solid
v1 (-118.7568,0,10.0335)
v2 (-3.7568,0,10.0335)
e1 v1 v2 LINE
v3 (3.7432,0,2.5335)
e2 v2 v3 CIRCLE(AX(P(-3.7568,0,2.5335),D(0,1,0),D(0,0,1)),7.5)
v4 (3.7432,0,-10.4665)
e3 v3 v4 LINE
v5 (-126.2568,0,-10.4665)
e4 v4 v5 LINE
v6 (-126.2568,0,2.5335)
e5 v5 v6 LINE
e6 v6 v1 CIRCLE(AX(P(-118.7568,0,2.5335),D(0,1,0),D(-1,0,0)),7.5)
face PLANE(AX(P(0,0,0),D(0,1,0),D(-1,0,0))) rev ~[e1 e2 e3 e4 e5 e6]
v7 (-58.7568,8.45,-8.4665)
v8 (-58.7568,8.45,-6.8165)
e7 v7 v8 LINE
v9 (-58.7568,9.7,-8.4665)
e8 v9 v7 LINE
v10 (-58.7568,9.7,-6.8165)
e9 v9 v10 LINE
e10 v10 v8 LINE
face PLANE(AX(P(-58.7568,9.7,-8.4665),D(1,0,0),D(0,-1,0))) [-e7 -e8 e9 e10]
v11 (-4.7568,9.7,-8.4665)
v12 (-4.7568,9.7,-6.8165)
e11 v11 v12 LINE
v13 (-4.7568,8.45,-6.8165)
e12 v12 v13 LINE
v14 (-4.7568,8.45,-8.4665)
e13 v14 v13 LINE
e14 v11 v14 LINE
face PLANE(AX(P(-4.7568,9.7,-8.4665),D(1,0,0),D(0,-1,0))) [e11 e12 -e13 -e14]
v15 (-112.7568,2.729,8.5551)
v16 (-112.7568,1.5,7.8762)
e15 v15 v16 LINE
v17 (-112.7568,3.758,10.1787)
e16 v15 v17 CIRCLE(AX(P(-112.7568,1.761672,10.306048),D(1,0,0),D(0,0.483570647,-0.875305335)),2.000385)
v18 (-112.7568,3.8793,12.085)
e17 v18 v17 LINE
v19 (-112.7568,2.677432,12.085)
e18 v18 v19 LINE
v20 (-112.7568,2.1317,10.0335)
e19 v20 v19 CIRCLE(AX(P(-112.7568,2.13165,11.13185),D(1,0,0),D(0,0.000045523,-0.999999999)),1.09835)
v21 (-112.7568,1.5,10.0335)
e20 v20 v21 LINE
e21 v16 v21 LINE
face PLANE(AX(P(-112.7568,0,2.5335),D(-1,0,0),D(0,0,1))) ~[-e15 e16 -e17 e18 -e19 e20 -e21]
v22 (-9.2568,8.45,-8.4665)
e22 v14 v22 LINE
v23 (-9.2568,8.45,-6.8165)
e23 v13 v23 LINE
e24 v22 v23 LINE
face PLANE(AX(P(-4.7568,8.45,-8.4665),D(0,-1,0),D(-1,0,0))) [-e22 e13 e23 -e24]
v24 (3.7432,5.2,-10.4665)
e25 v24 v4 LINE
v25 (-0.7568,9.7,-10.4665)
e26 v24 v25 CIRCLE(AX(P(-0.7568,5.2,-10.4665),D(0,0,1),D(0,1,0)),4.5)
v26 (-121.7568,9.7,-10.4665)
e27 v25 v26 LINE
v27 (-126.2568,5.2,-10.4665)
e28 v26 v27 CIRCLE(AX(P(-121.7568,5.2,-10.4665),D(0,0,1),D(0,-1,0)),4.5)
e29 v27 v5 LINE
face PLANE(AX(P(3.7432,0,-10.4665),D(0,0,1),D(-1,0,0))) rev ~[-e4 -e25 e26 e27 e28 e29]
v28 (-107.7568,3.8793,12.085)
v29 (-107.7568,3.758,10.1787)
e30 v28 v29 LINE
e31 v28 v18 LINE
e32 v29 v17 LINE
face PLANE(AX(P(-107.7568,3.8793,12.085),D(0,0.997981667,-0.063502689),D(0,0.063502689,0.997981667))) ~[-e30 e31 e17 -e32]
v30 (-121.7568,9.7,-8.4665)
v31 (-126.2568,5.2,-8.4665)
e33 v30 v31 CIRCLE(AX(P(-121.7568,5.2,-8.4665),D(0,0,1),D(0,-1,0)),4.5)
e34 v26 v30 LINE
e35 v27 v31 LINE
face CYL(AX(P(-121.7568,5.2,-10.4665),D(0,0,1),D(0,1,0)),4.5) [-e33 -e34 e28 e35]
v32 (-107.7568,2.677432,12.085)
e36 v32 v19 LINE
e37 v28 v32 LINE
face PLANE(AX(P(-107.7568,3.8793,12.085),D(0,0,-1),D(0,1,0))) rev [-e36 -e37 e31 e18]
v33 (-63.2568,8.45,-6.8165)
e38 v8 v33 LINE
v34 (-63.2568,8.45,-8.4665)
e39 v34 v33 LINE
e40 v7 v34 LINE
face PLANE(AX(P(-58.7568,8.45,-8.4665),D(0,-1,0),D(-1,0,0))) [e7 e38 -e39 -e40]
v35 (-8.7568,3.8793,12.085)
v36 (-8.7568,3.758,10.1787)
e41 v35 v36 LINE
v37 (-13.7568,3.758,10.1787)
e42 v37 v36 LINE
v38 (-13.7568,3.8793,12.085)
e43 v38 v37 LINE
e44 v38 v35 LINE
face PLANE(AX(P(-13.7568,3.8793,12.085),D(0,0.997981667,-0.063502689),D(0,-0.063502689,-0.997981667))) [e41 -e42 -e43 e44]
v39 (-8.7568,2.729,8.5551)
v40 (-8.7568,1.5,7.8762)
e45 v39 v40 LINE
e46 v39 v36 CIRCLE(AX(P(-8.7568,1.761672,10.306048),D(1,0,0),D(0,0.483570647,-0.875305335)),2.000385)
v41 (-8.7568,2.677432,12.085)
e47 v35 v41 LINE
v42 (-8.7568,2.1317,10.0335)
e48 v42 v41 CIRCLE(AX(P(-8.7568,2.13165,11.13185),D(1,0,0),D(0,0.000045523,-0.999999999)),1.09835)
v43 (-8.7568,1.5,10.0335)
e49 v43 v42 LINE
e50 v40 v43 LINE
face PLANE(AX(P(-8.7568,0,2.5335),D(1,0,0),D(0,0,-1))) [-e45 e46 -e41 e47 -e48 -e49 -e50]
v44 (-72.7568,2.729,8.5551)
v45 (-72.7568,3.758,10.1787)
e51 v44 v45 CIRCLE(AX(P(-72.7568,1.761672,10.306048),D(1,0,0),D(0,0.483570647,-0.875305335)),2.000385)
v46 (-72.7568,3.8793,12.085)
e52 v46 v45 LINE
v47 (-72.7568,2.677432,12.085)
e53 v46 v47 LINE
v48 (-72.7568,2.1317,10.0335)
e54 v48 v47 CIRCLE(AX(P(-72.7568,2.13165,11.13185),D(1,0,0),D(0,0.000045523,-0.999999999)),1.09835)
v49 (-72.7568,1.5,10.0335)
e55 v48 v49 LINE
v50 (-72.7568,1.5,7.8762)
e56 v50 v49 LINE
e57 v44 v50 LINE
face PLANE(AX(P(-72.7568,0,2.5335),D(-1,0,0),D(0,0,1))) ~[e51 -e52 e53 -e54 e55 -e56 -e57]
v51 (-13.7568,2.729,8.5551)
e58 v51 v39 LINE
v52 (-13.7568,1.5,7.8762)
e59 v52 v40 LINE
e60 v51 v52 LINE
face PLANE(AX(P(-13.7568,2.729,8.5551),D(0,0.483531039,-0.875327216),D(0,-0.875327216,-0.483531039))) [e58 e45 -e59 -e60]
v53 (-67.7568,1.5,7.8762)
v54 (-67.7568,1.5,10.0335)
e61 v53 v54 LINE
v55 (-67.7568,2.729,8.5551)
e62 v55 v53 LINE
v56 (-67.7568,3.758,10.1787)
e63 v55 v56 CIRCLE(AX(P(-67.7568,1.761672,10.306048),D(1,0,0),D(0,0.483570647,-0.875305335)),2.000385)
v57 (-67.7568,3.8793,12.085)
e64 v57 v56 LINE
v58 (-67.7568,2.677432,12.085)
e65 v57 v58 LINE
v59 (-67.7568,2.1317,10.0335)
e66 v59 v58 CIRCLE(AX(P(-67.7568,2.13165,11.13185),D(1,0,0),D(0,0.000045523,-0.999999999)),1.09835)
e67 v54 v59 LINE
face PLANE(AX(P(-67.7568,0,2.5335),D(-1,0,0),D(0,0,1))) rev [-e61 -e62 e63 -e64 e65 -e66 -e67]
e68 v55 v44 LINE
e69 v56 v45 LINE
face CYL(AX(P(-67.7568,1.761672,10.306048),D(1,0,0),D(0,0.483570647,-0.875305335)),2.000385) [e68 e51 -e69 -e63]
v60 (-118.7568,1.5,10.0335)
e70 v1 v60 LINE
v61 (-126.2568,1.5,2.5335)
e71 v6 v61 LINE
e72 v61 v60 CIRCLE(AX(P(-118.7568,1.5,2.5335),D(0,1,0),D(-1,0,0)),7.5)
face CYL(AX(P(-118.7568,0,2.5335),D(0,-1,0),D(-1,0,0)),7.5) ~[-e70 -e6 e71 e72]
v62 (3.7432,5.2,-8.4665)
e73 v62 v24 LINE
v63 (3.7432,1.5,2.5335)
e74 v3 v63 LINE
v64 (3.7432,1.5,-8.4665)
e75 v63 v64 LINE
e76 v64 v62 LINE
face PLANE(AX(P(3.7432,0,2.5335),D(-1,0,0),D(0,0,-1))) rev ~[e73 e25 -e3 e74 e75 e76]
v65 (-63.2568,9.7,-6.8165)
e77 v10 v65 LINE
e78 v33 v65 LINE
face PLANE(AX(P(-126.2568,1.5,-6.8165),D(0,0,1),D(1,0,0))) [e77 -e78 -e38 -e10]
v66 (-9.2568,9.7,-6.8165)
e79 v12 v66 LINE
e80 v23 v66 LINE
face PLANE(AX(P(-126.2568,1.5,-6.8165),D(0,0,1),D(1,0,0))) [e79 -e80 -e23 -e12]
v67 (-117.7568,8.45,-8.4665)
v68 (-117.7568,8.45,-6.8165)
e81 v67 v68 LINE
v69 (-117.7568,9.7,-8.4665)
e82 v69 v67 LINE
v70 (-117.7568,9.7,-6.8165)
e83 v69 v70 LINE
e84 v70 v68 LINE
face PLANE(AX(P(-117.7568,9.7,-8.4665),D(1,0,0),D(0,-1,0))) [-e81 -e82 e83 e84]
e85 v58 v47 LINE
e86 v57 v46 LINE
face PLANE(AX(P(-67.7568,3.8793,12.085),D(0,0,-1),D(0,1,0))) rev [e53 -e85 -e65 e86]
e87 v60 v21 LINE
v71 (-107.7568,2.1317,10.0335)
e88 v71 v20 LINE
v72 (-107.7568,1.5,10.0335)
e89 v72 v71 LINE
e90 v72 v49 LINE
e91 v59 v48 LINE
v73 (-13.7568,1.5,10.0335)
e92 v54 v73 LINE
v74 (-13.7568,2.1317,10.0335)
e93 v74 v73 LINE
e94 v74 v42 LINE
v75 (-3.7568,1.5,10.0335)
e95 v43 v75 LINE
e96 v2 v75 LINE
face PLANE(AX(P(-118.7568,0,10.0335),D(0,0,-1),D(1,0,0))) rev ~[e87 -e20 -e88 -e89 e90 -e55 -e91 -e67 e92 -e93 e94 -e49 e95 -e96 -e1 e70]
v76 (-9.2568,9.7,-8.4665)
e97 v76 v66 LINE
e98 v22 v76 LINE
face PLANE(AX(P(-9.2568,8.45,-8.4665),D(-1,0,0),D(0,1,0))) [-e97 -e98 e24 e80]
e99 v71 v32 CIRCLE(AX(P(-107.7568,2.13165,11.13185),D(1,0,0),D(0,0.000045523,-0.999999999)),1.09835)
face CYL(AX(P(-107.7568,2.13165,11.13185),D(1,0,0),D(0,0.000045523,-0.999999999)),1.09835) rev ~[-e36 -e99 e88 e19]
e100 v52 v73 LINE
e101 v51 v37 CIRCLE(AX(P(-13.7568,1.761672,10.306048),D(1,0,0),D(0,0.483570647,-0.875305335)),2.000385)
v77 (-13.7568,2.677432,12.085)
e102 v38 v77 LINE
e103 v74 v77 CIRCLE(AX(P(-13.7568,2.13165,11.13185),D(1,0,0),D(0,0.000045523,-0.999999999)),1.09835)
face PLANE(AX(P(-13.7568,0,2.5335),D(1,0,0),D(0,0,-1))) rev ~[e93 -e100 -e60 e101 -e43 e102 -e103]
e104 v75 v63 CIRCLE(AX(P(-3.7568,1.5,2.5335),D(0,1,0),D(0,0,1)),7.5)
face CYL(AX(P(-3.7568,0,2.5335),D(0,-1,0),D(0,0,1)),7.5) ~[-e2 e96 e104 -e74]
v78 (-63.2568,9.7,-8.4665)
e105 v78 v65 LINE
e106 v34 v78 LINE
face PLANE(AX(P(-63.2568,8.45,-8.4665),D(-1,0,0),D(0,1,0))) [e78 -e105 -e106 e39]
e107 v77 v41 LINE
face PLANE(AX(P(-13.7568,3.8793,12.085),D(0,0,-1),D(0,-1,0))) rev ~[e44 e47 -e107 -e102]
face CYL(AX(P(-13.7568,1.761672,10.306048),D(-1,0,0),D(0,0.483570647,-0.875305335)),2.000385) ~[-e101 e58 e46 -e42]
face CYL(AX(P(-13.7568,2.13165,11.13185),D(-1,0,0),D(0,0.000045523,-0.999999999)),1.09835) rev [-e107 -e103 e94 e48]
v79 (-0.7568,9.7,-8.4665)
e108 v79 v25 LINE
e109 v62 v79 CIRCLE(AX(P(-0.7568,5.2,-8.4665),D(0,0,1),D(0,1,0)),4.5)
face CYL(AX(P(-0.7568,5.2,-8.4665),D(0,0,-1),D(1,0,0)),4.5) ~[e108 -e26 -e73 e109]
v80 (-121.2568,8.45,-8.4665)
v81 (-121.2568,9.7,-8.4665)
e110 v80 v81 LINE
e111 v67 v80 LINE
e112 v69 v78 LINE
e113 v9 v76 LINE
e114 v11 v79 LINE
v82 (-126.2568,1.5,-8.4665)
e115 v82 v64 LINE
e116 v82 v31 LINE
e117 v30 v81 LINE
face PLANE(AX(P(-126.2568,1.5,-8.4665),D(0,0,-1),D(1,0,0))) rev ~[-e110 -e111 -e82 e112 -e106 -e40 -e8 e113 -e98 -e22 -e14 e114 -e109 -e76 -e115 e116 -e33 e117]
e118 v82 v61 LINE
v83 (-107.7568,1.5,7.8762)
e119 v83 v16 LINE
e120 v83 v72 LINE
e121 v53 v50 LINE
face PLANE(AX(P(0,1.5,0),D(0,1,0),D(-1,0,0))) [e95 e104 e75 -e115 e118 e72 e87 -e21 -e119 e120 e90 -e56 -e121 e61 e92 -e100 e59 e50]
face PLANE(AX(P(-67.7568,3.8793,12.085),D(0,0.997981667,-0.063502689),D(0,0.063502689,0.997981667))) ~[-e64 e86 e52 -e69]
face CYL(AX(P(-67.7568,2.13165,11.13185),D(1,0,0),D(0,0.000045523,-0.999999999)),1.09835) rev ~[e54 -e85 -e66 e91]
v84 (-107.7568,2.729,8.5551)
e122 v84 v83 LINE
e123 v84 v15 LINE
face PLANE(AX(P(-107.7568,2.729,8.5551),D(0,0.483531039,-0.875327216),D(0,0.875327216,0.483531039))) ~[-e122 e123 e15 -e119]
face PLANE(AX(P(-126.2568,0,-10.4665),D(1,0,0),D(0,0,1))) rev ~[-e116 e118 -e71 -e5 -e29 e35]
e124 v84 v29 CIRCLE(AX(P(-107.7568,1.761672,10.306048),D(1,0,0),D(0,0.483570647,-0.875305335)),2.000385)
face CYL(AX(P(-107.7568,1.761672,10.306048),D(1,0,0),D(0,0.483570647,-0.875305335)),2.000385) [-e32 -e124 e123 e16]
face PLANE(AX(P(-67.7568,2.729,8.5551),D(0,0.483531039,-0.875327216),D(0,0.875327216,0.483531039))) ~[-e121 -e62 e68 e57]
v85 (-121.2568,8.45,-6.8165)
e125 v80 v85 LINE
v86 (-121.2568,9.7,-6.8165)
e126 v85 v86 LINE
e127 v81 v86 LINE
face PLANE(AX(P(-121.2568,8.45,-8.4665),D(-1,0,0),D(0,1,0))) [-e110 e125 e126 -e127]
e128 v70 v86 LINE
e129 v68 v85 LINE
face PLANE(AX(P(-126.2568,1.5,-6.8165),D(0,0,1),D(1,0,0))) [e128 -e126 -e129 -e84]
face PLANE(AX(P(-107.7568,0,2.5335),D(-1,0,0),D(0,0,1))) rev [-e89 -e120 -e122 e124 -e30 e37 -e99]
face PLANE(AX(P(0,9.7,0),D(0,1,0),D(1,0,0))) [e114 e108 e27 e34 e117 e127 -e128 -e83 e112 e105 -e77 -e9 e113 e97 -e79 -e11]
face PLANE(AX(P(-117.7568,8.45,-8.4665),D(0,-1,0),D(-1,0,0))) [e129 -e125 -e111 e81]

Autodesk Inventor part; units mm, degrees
ref_plane "YZ Plane" through (0, 0, 0) normal (1, 0, 0) x (0, 1, 0)
ref_plane "XZ Plane" through (0, 0, 0) normal (0, 1, 0) x (-1, 0, 0)
ref_plane "XY Plane" through (0, 0, 0) normal (0, 0, 1) x (1, 0, 0)
sketch "Эскиз1" plane through (0, 0, 0) normal (0, 1, 0) x (-1, 0, 0)
  line L0 (118.7568, 10.0335) -> (3.7568, 10.0335)
  line L1 (-3.7432, 2.5335) -> (-3.7432, -10.4665)
  line L2 (-3.7432, -10.4665) -> (126.2568, -10.4665)
  line L3 (126.2568, -10.4665) -> (126.2568, 2.5335)
  arc A0 (3.7568, 10.0335) -> (-3.7432, 2.5335) centre (3.7568, 2.5335) ccw
  arc A1 (126.2568, 2.5335) -> (118.7568, 10.0335) centre (118.7568, 2.5335) ccw
  point P0 (0, 0)
  point P1 (-3.7432, 10.0335)
  dimension "d0" = 20.5
  dimension "d1" = 130
  dimension "d2" = 7.5
  dimension "d3" = 7.5
extrude "Выдавливание1" add sketch "Эскиз1" along normal blind 1.5
sketch "Эскиз2" plane through (0, 1.5, 0) normal (0, 1, 0) x (1, 0, 0)
  line L0 (3.7432, -2.5335) -> (3.7432, 10.4665) projected
  line L1 (-126.2568, 10.4665) -> (-126.2568, -2.5335) projected
  line L2 (3.7432, 10.4665) -> (-126.2568, 10.4665)
  line L3 (-126.2568, 10.4665) -> (-126.2568, 8.4665)
  line L4 (-126.2568, 8.4665) -> (3.7432, 8.4665)
  line L5 (3.7432, 8.4665) -> (3.7432, 10.4665)
  point P0 (0, 0)
  point P1 (3.7432, 8.4665)
  dimension "d6" = 2
extrude "Выдавливание2" add sketch "Эскиз2" along normal blind 8.2
fillet "Сопряжение1" radius 4.5 1 edges at (3.7432, 9.7, -9.4665)
fillet "Сопряжение2" radius 4.5 1 edges at (-126.2568, 9.7, -9.4665)
sketch "Эскиз3" plane through (-126.2568, 1.5, -8.4665) normal (0, 0, 1) x (1, 0, 0)
  line L0 (125.5, 8.2) -> (4.5, 8.2) projected
  line L1 (117, 8.2) -> (121.5, 8.2)
  line L2 (121.5, 8.2) -> (121.5, 6.95)
  line L3 (121.5, 6.95) -> (117, 6.95)
  line L4 (117, 6.95) -> (117, 8.2)
  line L5 (130, 0) -> (130, 3.7) projected
  line L6 (63, 8.2) -> (67.5, 8.2)
  line L7 (67.5, 8.2) -> (67.5, 6.95)
  line L8 (67.5, 6.95) -> (63, 6.95)
  line L9 (63, 6.95) -> (63, 8.2)
  line L10 (5, 8.2) -> (8.5, 8.2)
  line L11 (8.5, 8.2) -> (8.5, 6.95)
  line L12 (8.5, 6.95) -> (5, 6.95)
  line L13 (5, 6.95) -> (5, 8.2)
  point P0 (126.2568, -1.5)
  point P1 (121.5, 7.575)
  point P2 (63, 7.575)
  point P3 (67.5, 7.575)
  point P4 (8.5, 8.2)
  dimension "d11" = 8.5
  dimension "d12" = 4.5
  dimension "d13" = 1.25
  dimension "d14" = 58.5
  dimension "d15" = 4.5
  dimension "d16" = 1.25
  dimension "d17" = 62.5
  dimension "d18" = 3.5
  dimension "d19" = 1.25
extrude "Выдавливание3" add sketch "Эскиз3" along normal blind 1.65
ref_plane "РабПлоскость1" through (-13.7568, 0, 2.5335) normal (1, 0, 0) x (0, 0, -1)
sketch "Эскиз4" plane through (-13.7568, 0, 2.5335) normal (1, 0, 0) x (0, 0, -1)
  line L0 (-9.5515, 3.8793) -> (-9.5515, 2.1493)
  line L1 (-9.5515, 3.8793) -> (-7.6452, 3.758)
  line L2 (-6.0216, 2.729) -> (-5.3427, 1.5)
  line L3 (-7.5, 1.5) -> (-7.5, 3.23)
  arc A0 (-6.0216, 2.729) -> (-7.6452, 3.758) centre (-7.7722, 1.762) ccw
  line L4 (-8.5983, 0.5037) -> (-8.5983, 3.23) construction
  line L5 (-9.6967, 1.602) -> (-9.6967, 2.1317)
  line L6 (-7.5, 2.1317) -> (-7.5, 1.602)
  arc A1 (-9.6967, 1.602) -> (-7.5, 1.602) centre (-8.5983, 1.602) ccw
  arc A2 (-7.5, 2.1317) -> (-9.6967, 2.1317) centre (-8.5983, 2.1317) ccw
  line L7 (0, 1.5) -> (-7.5, 1.5) projected
  line L8 (-5.3427, 1.5) -> (-7.5, 1.5)
  point P0 (2.5335, 0)
  point P1 (-6.5515, 3.6883)
  point P2 (-8.5983, 1.8668)
  point P3 (-9.5515, 2.6775)
  dimension "d23" = 1.73
  dimension "d24" = 3
  dimension "d25" = 2.5
  dimension "d26" = 1.73
  dimension "d27" = 2
extrude "Выдавливание4" add sketch "Эскиз4" along normal blind 5 contours L1 A0 L2 L7 L3 A2 L0
ref_plane "РабПлоскость2" through (-40.7568, 0, 2.5335) normal (1, 0, 0) x (0, 0, -1)
mirror "Зеркальное отражение1" about plane through (-40.7568, 0, 2.5335) normal (1, 0, 0) of "Выдавливание4"
ref_plane "РабПлоскость3" through (-60.7568, 0, 2.5335) normal (1, 0, 0) x (0, 0, -1)
mirror "Зеркальное отражение2" about plane through (-60.7568, 0, 2.5335) normal (1, 0, 0) of "Выдавливание4"
sketch "Эскиз5" plane through (0, 1.5, 0) normal (0, 1, 0) x (1, 0, 0)
  point P0 (0, 0)
ref_plane "РабПлоскость4" through (0, 6, 0) normal (0, 1, 0) x (1, 0, 0)
sketch "Эскиз6" plane through (0, 6, 0) normal (0, 1, 0) x (1, 0, 0)
  line L0 (-107.513, 6.4665) -> (-116.163, 6.4665)
  line L1 (-116.163, 6.4665) -> (-116.163, -5.5335)
  line L2 (-116.163, -5.5335) -> (-107.513, -5.5335)
  line L3 (-107.513, -5.5335) -> (-107.513, 6.4665)
  line L4 (-117.7568, 8.4665) -> (-63.2568, 8.4665) projected
  point P0 (0, 0)
  point P1 (-111.838, 6.4665)
  dimension "d33" = 12
  dimension "d34" = 8.65
  dimension "d35" = 2
properties part number "k400+ крышка"
